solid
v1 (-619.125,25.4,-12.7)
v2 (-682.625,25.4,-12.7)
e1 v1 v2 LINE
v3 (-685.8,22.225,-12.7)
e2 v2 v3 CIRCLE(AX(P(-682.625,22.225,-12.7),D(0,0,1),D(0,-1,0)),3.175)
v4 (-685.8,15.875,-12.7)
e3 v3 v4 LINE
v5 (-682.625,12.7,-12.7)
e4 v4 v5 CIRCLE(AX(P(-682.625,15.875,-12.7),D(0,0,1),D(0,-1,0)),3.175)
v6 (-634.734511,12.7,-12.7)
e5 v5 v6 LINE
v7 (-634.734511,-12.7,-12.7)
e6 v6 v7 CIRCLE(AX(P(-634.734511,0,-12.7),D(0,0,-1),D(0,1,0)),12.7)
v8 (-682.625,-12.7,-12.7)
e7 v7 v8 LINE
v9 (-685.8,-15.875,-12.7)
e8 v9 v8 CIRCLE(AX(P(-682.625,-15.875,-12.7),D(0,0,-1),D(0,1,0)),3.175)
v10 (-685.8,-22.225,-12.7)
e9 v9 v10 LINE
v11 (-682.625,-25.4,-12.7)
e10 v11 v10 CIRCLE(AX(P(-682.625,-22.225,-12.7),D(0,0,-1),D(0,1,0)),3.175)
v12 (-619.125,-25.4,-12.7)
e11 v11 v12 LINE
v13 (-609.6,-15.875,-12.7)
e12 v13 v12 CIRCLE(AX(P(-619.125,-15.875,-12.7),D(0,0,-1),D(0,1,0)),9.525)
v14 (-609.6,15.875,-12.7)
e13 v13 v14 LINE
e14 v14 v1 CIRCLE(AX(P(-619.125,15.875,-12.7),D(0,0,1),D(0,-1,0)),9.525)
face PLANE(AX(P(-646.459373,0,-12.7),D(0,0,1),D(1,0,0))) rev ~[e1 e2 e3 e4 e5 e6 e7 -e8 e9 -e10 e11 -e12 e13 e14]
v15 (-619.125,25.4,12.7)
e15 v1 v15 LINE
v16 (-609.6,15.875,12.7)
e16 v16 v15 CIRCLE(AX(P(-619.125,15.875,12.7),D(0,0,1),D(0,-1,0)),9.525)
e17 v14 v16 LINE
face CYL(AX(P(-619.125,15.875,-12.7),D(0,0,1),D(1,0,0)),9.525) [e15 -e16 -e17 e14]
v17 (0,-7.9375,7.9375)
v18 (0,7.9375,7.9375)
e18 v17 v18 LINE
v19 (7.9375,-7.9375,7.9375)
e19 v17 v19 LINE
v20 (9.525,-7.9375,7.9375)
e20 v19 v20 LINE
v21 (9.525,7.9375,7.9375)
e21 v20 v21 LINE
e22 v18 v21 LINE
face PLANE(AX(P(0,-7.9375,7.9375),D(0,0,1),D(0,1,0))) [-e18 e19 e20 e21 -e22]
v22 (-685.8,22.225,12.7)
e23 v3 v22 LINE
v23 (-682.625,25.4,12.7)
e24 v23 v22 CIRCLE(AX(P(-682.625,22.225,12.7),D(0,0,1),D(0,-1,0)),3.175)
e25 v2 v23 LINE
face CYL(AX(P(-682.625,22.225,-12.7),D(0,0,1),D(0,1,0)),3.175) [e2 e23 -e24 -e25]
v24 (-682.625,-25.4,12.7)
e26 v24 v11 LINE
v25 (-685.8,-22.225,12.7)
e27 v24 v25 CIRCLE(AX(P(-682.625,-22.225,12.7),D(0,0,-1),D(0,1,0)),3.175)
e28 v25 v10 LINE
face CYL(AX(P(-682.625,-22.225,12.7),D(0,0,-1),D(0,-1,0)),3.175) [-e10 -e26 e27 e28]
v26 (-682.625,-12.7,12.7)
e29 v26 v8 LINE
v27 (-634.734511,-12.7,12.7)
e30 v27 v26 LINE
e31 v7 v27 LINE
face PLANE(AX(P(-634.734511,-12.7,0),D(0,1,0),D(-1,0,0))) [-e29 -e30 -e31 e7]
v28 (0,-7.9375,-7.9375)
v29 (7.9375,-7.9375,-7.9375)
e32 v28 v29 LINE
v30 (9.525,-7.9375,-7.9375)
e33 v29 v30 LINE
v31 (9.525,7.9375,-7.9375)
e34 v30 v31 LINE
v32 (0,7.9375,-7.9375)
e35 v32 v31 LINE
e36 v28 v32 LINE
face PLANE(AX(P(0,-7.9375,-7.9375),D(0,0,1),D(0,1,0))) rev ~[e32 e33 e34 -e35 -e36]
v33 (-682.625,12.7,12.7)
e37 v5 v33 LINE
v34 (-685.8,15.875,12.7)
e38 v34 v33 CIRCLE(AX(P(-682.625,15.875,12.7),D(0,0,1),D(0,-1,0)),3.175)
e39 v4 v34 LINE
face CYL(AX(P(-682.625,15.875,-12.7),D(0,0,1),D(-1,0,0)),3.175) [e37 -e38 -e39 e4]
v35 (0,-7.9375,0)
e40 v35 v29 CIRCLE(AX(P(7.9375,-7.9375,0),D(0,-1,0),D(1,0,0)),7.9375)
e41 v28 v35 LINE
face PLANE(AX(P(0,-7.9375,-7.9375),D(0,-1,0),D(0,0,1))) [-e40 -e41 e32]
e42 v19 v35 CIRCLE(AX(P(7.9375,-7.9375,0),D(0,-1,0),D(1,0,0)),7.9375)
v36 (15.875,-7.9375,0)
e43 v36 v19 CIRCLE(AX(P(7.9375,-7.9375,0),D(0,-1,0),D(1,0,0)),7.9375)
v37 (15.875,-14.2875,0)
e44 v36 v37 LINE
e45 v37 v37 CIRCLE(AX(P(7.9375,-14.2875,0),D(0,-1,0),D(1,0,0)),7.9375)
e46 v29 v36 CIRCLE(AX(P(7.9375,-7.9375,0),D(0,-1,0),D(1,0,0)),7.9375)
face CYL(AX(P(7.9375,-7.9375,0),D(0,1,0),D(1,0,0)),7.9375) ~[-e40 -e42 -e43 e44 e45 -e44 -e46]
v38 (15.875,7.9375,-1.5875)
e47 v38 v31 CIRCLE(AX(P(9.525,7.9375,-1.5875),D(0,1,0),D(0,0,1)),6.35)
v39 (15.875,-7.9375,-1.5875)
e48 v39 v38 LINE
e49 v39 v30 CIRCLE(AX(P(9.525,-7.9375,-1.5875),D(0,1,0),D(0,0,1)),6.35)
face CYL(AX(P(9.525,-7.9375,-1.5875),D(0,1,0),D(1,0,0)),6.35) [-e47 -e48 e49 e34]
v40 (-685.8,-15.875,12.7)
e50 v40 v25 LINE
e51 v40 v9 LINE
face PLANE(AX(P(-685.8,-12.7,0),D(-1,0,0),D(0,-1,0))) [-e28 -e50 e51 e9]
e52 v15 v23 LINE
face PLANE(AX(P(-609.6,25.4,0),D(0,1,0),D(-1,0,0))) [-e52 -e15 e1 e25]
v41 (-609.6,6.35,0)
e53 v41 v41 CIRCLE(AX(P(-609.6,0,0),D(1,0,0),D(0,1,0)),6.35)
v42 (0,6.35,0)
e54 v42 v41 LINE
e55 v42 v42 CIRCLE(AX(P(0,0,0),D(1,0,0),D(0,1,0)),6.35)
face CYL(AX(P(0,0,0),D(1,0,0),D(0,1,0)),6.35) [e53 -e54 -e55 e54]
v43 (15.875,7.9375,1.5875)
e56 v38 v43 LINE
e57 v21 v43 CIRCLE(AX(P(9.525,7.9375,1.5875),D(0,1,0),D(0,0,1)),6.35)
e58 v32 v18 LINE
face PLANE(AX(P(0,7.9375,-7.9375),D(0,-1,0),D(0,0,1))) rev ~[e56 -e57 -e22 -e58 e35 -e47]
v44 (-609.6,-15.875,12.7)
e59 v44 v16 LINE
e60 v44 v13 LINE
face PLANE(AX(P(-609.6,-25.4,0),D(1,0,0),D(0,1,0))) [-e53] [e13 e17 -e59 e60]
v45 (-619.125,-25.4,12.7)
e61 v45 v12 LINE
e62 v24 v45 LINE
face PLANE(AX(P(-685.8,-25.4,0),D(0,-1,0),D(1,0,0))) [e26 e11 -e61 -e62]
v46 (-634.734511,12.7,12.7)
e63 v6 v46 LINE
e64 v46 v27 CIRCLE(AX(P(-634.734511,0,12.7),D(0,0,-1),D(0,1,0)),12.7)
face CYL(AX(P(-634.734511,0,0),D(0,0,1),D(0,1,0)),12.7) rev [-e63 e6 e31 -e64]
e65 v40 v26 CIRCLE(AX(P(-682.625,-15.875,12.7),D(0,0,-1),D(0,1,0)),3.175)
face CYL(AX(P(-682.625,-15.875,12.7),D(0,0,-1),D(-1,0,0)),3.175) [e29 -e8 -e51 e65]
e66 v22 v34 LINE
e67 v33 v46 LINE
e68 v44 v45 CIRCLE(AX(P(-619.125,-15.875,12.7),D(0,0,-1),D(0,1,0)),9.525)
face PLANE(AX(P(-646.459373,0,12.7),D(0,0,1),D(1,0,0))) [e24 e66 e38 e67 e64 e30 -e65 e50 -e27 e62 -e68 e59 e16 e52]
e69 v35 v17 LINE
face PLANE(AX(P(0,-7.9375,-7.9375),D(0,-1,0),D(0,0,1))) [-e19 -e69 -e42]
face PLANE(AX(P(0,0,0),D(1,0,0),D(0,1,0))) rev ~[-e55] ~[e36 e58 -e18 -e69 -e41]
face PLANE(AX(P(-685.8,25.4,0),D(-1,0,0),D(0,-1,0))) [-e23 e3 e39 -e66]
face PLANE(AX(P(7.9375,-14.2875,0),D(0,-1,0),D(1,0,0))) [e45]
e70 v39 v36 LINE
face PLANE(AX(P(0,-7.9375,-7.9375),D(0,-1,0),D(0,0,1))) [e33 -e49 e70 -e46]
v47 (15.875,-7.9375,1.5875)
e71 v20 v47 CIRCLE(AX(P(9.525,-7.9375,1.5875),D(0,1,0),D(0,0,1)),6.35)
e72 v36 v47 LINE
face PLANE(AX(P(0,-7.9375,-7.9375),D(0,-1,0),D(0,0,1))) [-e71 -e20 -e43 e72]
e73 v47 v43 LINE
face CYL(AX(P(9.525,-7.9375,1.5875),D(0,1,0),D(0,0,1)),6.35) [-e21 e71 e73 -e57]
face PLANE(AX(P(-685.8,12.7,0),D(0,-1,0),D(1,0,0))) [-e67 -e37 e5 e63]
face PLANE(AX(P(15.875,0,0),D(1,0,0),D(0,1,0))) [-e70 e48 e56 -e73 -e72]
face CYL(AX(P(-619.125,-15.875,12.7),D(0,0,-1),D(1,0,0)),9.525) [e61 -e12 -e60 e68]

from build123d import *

# Parameters (mm, degrees)
F0_R     = 6.35
F1_DEPTH = 609.6
F2_W     = 15.875
F2_H     = 15.875
F3_DEPTH = 15.875
F4_R     = 7.9375
F5_DEPTH = 6.35
F6_R     = 6.35
F8_DEPTH = 12.7
F9_R     = 9.525
F10_R    = 3.175


with BuildPart() as f1:
    # F0 (on Right) → F1 (new body)
    with BuildSketch(Plane.YZ):
        Circle(F0_R)
    extrude(amount=-F1_DEPTH)

    # F2 (on Right) → F3 (join)
    with BuildSketch(Plane.YZ):
        Rectangle(F2_W, F2_H)
    extrude(amount=F3_DEPTH)

    # F4 (on face) → F5 (join)
    with BuildSketch(Plane.XZ.offset(7.9375)):
        with Locations((7.9375, 0)):
            Circle(F4_R)
    extrude(amount=F5_DEPTH)

    # F6
    f6_edges = [f1.edges().sort_by_distance(p)[0] for p in [
        (15.875, 0, 7.9375),
        (15.875, 0, -7.9375),
    ]]
    fillet(f6_edges, radius=F6_R)

    # F7 (on Top) → F8 (join, symmetric)
    with BuildSketch(Plane.XY):
        with BuildLine():
            Line((-609.6, -25.4), (-609.6, 25.4))
            Line((-609.6, 25.4), (-685.8, 25.4))
            Line((-685.8, 25.4), (-685.8, 12.7))
            Line((-685.8, 12.7), (-634.7345113754, 12.7))
            ThreePointArc((-634.7345113754, 12.7), (-622.0345113754, 0), (-634.7345113754, -12.7))
            Line((-634.7345113754, -12.7), (-685.8, -12.7))
            Line((-685.8, -12.7), (-685.8, -25.4))
            Line((-685.8, -25.4), (-609.6, -25.4))
        make_face()
    extrude(amount=F8_DEPTH, both=True)

    # F9
    f9_edges = [f1.edges().sort_by_distance(p)[0] for p in [
        (-609.6, 25.4, 0),
        (-609.6, -25.4, 0),
    ]]
    fillet(f9_edges, radius=F9_R)

    # F10
    f10_edges = [f1.edges().sort_by_distance(p)[0] for p in [
        (-685.8, 25.4, 0),
        (-685.8, -25.4, 0),
        (-685.8, 12.7, 0),
        (-685.8, -12.7, 0),
    ]]
    fillet(f10_edges, radius=F10_R)


solid = f1.part
